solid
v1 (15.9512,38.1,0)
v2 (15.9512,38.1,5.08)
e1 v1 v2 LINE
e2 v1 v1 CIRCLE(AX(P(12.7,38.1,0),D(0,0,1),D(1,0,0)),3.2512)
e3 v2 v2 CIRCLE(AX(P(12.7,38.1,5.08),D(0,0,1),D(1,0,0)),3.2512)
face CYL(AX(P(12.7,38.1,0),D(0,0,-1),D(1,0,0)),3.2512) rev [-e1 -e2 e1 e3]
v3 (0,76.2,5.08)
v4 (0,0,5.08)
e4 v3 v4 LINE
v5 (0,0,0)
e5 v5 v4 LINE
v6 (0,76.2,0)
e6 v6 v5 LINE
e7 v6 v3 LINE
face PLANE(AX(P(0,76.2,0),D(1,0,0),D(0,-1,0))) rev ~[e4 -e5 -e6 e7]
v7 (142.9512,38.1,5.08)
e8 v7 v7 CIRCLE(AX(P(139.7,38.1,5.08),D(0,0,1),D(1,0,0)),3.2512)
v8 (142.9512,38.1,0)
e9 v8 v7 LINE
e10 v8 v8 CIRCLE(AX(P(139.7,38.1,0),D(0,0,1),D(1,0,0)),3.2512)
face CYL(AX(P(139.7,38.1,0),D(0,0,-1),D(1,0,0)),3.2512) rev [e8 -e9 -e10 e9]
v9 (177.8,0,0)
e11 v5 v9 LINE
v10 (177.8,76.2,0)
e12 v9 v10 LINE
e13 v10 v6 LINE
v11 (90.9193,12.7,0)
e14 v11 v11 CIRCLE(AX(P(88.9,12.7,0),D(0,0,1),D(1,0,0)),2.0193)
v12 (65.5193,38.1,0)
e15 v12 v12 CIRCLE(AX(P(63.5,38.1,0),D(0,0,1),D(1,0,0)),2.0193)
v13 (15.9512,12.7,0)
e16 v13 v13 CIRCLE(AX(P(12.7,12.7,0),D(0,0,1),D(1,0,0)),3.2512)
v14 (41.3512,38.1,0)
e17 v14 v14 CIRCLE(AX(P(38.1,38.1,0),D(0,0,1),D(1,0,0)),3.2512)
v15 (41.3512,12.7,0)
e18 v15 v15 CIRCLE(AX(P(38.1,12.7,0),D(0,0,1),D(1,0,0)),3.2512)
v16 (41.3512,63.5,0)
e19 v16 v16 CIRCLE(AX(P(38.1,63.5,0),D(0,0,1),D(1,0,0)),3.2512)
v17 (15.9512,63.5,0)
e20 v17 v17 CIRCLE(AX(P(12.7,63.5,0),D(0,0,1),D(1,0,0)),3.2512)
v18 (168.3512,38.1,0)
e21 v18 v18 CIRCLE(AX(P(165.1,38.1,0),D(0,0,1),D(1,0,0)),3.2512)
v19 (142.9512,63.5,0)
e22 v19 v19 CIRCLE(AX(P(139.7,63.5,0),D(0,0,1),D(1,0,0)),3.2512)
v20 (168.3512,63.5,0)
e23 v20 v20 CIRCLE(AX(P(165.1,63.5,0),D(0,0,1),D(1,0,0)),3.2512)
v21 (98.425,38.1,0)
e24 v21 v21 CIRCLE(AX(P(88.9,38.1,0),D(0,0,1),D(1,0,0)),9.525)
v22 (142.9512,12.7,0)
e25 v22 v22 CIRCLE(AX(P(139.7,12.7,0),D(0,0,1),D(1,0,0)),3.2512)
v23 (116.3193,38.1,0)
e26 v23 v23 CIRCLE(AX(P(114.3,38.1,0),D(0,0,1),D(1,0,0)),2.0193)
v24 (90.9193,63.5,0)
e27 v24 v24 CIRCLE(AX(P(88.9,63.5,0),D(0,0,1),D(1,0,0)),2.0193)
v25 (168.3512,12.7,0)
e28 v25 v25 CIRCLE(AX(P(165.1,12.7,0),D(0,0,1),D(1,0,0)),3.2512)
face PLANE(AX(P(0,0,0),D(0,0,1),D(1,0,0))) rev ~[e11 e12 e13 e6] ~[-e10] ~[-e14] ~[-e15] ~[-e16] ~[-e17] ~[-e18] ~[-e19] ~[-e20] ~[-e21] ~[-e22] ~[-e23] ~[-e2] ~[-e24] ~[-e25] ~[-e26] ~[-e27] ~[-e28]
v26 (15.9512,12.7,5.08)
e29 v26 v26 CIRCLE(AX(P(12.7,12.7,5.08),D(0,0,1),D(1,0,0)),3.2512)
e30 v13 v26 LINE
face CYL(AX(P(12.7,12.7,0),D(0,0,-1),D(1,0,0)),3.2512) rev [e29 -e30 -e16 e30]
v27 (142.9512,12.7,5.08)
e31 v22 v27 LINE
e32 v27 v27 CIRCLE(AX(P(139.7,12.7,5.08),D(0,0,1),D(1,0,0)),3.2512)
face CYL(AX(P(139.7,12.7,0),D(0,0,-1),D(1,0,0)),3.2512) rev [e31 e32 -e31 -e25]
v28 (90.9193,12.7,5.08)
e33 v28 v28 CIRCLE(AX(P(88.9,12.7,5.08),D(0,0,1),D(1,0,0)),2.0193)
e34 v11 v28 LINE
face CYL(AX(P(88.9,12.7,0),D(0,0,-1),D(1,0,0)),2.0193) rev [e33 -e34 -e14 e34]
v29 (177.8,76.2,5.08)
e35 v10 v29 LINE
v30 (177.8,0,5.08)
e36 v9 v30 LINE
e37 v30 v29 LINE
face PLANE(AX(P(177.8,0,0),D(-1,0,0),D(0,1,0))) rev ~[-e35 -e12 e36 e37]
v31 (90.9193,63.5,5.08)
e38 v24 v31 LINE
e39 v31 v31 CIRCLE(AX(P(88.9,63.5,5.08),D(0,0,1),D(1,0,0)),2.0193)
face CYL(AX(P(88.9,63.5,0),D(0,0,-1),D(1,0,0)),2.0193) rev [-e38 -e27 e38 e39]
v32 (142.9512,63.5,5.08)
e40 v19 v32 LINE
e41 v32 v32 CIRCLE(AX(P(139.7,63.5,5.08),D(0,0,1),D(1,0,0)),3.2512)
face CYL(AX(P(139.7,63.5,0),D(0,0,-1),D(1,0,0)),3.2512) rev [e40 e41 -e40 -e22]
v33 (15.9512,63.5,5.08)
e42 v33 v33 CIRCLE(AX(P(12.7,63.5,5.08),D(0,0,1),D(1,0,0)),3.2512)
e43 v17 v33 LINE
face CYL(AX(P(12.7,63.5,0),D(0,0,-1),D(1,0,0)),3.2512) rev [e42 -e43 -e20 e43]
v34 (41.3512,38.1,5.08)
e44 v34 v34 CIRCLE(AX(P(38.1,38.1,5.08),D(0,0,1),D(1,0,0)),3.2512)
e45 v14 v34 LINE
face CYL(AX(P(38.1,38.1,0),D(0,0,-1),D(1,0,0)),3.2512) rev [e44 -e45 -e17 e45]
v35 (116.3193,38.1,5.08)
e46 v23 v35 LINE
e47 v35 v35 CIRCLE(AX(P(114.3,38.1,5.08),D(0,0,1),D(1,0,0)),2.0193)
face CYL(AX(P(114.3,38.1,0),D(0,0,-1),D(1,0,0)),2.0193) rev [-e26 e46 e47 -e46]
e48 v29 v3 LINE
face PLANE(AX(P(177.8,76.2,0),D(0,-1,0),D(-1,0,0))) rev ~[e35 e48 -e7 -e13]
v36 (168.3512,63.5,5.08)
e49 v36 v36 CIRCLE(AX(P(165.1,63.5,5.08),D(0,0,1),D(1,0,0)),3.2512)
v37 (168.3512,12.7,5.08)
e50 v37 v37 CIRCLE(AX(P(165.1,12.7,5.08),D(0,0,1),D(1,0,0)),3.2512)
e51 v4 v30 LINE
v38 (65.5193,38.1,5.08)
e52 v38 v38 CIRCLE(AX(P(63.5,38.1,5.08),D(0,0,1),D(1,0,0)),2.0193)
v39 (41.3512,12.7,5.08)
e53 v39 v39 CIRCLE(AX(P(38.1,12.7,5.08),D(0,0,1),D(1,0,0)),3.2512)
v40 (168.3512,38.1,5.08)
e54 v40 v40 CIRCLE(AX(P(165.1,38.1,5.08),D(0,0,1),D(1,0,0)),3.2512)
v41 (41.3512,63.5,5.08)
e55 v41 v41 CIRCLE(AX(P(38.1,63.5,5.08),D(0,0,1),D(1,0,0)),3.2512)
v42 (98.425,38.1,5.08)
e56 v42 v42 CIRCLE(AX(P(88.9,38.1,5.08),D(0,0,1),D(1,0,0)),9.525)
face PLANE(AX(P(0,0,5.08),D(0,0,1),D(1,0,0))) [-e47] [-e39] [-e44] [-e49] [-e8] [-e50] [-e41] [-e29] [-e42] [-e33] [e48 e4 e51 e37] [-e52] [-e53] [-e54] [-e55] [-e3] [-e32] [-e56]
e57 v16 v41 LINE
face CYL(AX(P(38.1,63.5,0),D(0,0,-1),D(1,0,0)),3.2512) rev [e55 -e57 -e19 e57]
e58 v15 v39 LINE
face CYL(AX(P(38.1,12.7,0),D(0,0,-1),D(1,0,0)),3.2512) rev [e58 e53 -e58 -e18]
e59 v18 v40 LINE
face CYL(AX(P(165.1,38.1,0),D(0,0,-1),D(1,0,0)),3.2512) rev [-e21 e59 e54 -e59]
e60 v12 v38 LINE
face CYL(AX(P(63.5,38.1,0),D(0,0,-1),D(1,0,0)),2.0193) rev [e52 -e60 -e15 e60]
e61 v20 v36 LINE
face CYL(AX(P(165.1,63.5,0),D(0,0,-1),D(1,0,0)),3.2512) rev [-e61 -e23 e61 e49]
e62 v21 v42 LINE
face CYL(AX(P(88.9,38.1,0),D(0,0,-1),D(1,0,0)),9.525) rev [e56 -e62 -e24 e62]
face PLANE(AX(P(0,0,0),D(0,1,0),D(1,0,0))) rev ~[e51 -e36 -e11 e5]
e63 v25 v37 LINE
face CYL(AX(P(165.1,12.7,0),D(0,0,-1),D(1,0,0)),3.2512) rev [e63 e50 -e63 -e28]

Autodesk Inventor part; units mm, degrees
ref_plane "YZ Plane" through (0, 0, 0) normal (1, 0, 0) x (0, 1, 0)
ref_plane "XZ Plane" through (0, 0, 0) normal (0, 1, 0) x (-1, 0, 0)
ref_plane "XY Plane" through (0, 0, 0) normal (0, 0, 1) x (1, 0, 0)
sketch "Sketch1" plane through (0, 0, 0) normal (0, 0, 1) x (1, 0, 0)
  line L0 (0, 0) -> (177.8, 0)
  line L1 (177.8, 0) -> (177.8, 76.2)
  line L2 (177.8, 76.2) -> (0, 76.2)
  line L3 (0, 76.2) -> (0, 0)
  circle A0 centre (88.9, 38.1) radius 9.525
  circle A1 centre (88.9, 63.5) radius 2.0193
  circle A2 centre (63.5, 38.1) radius 2.0193
  circle A3 centre (88.9, 12.7) radius 2.0193
  circle A4 centre (114.3, 38.1) radius 2.0193
  circle A5 centre (12.7, 63.5) radius 3.2512
  circle A6 centre (12.7, 38.1) radius 3.2512
  circle A7 centre (12.7, 12.7) radius 3.2512
  circle A8 centre (38.1, 63.5) radius 3.2512
  circle A9 centre (38.1, 38.1) radius 3.2512
  circle A10 centre (38.1, 12.7) radius 3.2512
  circle A11 centre (165.1, 63.5) radius 3.2512
  circle A12 centre (165.1, 38.1) radius 3.2512
  circle A13 centre (165.1, 12.7) radius 3.2512
  circle A14 centre (139.7, 63.5) radius 3.2512
  circle A15 centre (139.7, 38.1) radius 3.2512
  circle A16 centre (139.7, 12.7) radius 3.2512
  dimension "d0" = 177.8
  dimension "d1" = 76.2
  dimension "d2" = 19.05
  dimension "d3" = 38.1
  dimension "d4" = 88.9
  dimension "d5" = 4.0386
  dimension "d6" = 25.4
  dimension "d7" = 88.9
  dimension "d8" = 4.0386
  dimension "d9" = 25.4
  dimension "d10" = 38.1
  dimension "d13" = 50.8
  dimension "d20" = 50.8
  dimension "d25" = 6.5024
  dimension "d26" = 12.7
  dimension "d27" = 12.7
  dimension "d30" = 25.4
  dimension "d39" = 25.4
  dimension "d48" = 127
  dimension "d55" = 25.4
extrude "Extrusion3" add sketch "Sketch1" along normal blind 5.08
equation "\"d7\" = d4"
equation "\"d8\" = d5"
equation "\"d9\" = d6"
equation "\"d10\" = d3"
properties part number "Motor Mount Long"
